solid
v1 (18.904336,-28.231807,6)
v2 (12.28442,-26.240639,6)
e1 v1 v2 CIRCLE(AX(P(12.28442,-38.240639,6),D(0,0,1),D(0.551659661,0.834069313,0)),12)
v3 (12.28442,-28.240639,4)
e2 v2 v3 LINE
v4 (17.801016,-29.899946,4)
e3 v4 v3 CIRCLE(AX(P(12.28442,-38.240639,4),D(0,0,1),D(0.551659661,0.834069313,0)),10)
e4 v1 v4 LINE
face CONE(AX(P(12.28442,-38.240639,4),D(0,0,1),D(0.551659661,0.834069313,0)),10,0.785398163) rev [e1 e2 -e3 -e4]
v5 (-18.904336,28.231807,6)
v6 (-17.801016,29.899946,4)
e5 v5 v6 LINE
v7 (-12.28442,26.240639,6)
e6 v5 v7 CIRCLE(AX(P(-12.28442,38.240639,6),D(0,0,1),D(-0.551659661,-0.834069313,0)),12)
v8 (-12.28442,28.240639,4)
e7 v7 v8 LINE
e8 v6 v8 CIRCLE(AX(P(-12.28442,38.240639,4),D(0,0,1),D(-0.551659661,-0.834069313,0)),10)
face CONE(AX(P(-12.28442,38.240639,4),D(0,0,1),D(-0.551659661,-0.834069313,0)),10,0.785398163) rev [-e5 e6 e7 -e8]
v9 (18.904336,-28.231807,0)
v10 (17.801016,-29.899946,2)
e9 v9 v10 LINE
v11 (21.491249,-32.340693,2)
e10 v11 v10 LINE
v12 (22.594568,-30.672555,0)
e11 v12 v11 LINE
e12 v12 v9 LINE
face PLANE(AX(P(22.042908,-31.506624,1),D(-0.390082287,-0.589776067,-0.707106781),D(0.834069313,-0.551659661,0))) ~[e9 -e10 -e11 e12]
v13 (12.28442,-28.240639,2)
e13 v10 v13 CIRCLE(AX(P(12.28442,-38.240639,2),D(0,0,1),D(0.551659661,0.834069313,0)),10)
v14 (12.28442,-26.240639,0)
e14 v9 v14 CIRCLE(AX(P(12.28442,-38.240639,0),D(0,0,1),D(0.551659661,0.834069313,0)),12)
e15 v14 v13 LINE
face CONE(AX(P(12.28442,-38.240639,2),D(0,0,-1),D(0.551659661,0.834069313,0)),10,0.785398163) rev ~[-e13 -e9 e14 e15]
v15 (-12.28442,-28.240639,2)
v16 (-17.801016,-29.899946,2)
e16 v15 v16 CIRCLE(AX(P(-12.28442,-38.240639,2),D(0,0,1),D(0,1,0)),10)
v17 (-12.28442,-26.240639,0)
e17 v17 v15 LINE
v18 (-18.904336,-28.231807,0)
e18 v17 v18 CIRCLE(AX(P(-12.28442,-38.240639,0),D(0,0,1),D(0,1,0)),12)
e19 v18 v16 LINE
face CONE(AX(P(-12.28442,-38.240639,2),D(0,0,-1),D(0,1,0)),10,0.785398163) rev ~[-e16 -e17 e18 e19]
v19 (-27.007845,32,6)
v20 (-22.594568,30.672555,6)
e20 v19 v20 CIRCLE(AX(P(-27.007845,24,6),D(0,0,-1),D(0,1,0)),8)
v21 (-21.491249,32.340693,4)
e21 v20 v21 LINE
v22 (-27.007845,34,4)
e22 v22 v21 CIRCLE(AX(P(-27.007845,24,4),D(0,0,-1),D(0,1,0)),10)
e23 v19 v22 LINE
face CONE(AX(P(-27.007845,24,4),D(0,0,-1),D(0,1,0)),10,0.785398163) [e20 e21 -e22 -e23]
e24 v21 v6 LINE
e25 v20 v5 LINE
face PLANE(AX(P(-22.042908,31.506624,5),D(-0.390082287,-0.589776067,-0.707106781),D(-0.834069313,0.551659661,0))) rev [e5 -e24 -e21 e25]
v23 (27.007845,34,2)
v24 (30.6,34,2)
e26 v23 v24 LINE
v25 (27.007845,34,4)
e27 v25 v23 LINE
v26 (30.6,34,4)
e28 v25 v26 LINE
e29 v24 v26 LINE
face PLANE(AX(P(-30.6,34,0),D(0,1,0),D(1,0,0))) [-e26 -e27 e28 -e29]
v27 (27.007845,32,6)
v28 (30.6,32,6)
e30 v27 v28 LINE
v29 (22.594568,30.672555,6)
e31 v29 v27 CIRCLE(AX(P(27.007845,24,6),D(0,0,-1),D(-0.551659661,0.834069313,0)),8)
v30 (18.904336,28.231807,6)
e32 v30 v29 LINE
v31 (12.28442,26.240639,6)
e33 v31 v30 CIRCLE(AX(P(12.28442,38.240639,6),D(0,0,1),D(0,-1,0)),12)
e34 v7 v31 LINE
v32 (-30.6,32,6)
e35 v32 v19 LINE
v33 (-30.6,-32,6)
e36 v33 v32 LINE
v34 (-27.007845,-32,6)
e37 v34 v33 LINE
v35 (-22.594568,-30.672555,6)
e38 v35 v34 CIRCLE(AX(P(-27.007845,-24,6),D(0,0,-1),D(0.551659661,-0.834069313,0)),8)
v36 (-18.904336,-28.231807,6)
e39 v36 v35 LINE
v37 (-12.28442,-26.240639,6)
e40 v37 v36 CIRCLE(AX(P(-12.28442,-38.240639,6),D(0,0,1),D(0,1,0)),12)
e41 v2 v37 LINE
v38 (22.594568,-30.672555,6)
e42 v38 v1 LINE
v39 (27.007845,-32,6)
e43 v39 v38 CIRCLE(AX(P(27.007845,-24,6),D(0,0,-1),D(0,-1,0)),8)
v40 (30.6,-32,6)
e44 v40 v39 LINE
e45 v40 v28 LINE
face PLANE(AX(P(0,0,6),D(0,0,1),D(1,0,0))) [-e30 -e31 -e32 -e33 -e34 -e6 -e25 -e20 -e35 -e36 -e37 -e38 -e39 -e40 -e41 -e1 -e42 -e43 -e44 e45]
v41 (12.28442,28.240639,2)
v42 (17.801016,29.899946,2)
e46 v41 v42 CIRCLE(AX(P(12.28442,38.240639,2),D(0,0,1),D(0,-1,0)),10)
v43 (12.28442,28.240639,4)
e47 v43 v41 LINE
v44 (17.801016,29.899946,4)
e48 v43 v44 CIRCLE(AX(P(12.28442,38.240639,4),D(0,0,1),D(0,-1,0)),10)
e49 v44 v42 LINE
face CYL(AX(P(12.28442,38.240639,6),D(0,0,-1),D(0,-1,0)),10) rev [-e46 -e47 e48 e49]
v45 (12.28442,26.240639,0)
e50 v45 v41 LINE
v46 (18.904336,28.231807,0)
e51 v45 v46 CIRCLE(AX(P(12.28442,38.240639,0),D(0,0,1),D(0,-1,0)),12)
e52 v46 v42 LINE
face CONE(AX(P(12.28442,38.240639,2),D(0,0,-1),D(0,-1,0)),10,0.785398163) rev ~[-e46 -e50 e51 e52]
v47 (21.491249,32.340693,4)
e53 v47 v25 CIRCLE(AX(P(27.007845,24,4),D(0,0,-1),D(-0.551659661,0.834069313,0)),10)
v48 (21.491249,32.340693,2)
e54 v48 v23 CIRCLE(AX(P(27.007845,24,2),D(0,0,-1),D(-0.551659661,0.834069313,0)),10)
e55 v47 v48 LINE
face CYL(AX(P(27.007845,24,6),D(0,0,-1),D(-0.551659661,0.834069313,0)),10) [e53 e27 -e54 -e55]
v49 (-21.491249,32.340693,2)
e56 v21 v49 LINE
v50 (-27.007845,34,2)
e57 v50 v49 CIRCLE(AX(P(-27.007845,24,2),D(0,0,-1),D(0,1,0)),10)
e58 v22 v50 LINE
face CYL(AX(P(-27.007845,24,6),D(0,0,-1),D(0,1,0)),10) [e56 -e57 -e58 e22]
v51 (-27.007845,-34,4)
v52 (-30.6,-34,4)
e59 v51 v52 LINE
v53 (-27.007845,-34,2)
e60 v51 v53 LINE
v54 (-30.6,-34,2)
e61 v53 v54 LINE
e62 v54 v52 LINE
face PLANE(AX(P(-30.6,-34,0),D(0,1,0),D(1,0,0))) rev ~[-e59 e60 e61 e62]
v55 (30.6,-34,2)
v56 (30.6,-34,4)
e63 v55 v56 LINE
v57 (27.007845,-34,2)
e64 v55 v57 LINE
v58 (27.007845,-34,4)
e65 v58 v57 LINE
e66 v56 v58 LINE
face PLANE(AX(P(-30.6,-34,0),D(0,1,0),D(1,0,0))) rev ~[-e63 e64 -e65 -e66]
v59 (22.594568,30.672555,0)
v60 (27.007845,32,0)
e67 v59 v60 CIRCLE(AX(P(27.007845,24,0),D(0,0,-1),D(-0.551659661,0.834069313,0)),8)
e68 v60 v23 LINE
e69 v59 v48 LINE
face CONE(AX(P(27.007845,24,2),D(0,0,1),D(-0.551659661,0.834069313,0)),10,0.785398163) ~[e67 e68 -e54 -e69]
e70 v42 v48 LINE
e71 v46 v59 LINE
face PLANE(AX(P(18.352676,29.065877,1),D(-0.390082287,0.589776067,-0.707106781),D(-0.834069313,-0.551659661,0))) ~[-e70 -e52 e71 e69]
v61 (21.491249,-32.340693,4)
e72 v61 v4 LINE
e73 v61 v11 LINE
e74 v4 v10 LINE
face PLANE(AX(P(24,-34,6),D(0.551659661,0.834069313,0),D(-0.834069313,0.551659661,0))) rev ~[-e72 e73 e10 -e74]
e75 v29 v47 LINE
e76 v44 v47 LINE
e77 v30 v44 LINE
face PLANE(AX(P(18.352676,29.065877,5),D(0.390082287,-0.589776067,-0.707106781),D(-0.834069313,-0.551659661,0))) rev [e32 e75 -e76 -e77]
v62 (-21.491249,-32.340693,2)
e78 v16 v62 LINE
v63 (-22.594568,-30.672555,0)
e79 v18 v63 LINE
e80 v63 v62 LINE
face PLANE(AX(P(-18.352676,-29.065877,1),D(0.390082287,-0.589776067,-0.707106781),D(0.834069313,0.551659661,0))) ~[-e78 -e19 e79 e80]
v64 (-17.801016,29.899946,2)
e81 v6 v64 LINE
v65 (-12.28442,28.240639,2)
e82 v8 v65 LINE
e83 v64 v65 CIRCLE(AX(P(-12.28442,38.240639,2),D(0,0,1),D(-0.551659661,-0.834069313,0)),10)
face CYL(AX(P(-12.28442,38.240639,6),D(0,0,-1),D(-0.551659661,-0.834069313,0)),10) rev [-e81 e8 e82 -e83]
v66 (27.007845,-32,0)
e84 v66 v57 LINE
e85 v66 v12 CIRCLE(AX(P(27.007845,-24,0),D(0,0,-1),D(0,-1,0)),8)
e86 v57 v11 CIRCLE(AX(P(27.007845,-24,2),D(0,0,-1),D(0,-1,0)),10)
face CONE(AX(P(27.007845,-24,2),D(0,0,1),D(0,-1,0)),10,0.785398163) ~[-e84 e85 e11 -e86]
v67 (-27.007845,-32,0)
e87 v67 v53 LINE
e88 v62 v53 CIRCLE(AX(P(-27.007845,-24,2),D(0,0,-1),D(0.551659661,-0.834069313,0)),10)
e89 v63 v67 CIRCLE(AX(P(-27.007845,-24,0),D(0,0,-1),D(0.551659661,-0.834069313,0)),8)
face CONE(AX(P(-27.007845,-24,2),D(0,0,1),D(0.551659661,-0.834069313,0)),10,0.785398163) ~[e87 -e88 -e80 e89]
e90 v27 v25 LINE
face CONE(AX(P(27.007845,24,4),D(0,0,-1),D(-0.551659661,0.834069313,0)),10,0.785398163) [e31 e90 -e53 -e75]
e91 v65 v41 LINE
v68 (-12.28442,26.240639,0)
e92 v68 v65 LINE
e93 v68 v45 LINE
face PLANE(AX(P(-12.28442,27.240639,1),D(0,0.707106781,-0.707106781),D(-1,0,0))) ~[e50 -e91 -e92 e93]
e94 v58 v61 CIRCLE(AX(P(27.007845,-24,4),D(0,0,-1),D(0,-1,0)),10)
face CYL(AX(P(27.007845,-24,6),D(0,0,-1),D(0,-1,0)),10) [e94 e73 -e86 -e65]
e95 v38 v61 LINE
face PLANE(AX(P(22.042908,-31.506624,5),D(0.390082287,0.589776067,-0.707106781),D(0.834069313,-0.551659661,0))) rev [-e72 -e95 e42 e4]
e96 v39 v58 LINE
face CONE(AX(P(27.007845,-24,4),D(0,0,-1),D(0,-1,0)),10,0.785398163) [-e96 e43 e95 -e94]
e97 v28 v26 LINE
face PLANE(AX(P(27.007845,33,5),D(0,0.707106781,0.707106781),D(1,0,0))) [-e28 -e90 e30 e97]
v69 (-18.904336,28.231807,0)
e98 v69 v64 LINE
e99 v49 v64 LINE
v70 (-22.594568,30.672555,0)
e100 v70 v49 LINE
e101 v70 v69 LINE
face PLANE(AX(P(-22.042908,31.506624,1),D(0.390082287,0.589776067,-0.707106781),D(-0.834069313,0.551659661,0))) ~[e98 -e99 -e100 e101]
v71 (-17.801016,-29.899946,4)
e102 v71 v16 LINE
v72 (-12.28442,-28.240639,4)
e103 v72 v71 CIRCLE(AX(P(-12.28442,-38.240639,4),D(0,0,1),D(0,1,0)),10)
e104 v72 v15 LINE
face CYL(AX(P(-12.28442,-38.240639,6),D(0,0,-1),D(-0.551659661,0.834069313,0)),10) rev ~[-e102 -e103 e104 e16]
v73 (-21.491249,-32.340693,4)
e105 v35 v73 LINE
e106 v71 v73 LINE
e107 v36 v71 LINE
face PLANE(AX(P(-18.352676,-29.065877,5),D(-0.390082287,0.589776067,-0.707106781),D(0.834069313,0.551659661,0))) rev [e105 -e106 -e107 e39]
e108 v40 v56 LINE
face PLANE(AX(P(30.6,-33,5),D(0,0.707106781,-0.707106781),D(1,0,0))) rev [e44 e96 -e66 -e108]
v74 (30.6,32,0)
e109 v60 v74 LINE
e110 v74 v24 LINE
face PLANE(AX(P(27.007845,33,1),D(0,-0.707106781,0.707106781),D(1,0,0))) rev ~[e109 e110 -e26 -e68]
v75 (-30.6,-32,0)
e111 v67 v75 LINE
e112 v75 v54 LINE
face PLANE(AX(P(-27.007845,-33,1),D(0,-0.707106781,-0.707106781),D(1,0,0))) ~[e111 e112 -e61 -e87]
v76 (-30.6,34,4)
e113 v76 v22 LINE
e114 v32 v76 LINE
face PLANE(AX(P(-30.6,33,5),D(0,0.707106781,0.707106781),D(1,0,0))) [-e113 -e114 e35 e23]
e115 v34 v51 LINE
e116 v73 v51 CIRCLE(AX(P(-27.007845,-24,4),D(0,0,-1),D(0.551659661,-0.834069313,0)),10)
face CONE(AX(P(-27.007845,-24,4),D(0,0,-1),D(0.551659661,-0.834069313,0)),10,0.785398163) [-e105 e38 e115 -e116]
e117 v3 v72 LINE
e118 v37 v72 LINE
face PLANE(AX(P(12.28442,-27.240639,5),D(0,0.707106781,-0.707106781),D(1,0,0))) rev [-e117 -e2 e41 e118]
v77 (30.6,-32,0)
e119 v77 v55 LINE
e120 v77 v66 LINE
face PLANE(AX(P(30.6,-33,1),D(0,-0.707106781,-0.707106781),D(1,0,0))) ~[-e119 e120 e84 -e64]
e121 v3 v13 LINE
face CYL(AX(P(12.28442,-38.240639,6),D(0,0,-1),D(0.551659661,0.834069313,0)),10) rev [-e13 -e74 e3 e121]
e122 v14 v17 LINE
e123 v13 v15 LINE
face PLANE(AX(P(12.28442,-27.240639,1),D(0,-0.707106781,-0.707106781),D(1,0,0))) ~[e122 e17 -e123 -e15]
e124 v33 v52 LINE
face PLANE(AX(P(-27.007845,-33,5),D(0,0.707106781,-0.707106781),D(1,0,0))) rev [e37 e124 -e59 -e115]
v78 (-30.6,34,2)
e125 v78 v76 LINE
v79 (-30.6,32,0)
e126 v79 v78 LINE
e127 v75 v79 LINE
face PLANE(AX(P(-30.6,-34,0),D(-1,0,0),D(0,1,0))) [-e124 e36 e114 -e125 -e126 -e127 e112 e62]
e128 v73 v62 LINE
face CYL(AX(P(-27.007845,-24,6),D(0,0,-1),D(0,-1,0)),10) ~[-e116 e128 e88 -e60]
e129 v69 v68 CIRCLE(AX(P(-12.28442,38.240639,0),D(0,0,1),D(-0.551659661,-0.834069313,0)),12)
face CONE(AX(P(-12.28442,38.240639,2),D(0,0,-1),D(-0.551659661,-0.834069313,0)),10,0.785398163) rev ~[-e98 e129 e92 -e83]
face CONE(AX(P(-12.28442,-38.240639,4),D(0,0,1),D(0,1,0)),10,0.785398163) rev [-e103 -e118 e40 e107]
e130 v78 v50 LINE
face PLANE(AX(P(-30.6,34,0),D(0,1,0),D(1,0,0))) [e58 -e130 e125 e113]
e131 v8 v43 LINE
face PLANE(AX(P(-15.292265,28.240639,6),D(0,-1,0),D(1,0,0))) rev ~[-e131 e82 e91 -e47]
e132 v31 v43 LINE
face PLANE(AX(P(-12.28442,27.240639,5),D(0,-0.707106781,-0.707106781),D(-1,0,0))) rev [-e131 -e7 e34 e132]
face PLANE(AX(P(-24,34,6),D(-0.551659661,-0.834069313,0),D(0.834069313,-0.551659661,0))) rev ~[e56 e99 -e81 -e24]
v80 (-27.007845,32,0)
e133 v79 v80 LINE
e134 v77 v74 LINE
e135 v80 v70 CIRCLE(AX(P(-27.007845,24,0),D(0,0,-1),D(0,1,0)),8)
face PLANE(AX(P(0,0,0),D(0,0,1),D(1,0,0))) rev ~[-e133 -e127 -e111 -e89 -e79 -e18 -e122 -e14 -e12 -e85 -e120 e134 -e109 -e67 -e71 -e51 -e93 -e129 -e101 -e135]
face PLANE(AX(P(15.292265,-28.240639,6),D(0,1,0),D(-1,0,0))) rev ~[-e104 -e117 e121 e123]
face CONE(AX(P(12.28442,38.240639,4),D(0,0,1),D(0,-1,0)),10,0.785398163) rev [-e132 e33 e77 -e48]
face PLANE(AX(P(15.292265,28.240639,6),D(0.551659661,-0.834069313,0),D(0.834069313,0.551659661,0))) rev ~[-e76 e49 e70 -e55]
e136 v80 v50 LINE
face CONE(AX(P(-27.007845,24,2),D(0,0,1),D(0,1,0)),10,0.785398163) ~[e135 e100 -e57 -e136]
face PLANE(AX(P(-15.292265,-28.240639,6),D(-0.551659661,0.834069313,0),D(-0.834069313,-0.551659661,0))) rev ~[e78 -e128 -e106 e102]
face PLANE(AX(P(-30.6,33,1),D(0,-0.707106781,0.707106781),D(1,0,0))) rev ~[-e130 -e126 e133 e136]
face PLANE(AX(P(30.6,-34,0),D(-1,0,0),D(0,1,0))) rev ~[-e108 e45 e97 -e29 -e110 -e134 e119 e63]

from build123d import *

# Parameters (mm, degrees)
CROQUIS1_W              = 61.2
CROQUIS1_H              = 68
SALIENTE_EXTRUIR1_DEPTH = 6
CORTAR_EXTRUIR1_DEPTH   = 47.134152209
REDONDEO1_R             = 10
CHAFL_N1_SIZE           = 2


with BuildPart() as part:
    # Croquis1 → Saliente-Extruir1 (new body)
    with BuildSketch(Plane.XY):
        Rectangle(CROQUIS1_W, CROQUIS1_H)
    extrude(amount=SALIENTE_EXTRUIR1_DEPTH)

    # Croquis2 → Cortar-Extruir1 (cut, through all)
    with BuildSketch(Plane.XY.offset(6)):
        Polygon((-24, 34), (-15.292264831, 28.240639048), (15.292264831, 28.240639048), (24, 34), align=None)
        Polygon((24, -34), (15.292264831, -28.240639048), (-15.292264831, -28.240639048), (-24, -34), align=None)
    extrude(amount=-CORTAR_EXTRUIR1_DEPTH, mode=Mode.SUBTRACT)

    # Redondeo1
    redondeo1_edges = [part.edges().sort_by_distance(p)[0] for p in [
        (-24, 34, 3),
        (24, 34, 3),
        (15.292264831, 28.240639048, 3),
        (-15.292264831, 28.240639048, 3),
        (24, -34, 3),
        (-24, -34, 3),
        (-15.292264831, -28.240639048, 3),
        (15.292264831, -28.240639048, 3),
    ]]
    fillet(redondeo1_edges, radius=REDONDEO1_R)

    # Chaflán1
    chafl_n1_edges = [part.edges().sort_by_distance(p)[0] for p in [
        (28.803922608, 34, 6),
        (19.646132416, -31.120319524, 6),
        (19.646132416, -31.120319524, 0),
        (19.646132416, 31.120319524, 6),
        (0, 28.240639048, 6),
        (28.803922608, 34, 0),
        (-19.646132416, 31.120319524, 6),
        (-28.803922608, 34, 6),
        (-19.646132416, -31.120319524, 6),
        (0, -28.240639048, 6),
        (28.803922608, -34, 6),
        (-24.127474692, 33.576192648, 6),
        (24.127474692, 33.576192648, 6),
        (-24.127474692, -33.576192648, 6),
        (24.127474692, -33.576192648, 6),
        (28.803922608, -34, 0),
        (0, 28.240639048, 0),
        (19.646132416, 31.120319524, 0),
        (0, -28.240639048, 0),
        (-28.803922608, -34, 0),
        (-19.646132416, -31.120319524, 0),
        (-28.803922608, 34, 0),
        (-19.646132416, 31.120319524, 0),
        (-24.127474692, 33.576192648, 0),
        (24.127474692, 33.576192648, 0),
        (-24.127474692, -33.576192648, 0),
        (24.127474692, -33.576192648, 0),
        (15.164790139, -28.6644464, 6),
        (15.164790139, -28.6644464, 0),
        (-15.164790139, -28.6644464, 6),
        (-15.164790139, -28.6644464, 0),
        (15.164790139, 28.6644464, 6),
        (15.164790139, 28.6644464, 0),
        (-15.164790139, 28.6644464, 6),
        (-15.164790139, 28.6644464, 0),
        (-28.803922608, -34, 6),
    ]]
    chamfer(chafl_n1_edges, length=CHAFL_N1_SIZE)


solid = part.part
